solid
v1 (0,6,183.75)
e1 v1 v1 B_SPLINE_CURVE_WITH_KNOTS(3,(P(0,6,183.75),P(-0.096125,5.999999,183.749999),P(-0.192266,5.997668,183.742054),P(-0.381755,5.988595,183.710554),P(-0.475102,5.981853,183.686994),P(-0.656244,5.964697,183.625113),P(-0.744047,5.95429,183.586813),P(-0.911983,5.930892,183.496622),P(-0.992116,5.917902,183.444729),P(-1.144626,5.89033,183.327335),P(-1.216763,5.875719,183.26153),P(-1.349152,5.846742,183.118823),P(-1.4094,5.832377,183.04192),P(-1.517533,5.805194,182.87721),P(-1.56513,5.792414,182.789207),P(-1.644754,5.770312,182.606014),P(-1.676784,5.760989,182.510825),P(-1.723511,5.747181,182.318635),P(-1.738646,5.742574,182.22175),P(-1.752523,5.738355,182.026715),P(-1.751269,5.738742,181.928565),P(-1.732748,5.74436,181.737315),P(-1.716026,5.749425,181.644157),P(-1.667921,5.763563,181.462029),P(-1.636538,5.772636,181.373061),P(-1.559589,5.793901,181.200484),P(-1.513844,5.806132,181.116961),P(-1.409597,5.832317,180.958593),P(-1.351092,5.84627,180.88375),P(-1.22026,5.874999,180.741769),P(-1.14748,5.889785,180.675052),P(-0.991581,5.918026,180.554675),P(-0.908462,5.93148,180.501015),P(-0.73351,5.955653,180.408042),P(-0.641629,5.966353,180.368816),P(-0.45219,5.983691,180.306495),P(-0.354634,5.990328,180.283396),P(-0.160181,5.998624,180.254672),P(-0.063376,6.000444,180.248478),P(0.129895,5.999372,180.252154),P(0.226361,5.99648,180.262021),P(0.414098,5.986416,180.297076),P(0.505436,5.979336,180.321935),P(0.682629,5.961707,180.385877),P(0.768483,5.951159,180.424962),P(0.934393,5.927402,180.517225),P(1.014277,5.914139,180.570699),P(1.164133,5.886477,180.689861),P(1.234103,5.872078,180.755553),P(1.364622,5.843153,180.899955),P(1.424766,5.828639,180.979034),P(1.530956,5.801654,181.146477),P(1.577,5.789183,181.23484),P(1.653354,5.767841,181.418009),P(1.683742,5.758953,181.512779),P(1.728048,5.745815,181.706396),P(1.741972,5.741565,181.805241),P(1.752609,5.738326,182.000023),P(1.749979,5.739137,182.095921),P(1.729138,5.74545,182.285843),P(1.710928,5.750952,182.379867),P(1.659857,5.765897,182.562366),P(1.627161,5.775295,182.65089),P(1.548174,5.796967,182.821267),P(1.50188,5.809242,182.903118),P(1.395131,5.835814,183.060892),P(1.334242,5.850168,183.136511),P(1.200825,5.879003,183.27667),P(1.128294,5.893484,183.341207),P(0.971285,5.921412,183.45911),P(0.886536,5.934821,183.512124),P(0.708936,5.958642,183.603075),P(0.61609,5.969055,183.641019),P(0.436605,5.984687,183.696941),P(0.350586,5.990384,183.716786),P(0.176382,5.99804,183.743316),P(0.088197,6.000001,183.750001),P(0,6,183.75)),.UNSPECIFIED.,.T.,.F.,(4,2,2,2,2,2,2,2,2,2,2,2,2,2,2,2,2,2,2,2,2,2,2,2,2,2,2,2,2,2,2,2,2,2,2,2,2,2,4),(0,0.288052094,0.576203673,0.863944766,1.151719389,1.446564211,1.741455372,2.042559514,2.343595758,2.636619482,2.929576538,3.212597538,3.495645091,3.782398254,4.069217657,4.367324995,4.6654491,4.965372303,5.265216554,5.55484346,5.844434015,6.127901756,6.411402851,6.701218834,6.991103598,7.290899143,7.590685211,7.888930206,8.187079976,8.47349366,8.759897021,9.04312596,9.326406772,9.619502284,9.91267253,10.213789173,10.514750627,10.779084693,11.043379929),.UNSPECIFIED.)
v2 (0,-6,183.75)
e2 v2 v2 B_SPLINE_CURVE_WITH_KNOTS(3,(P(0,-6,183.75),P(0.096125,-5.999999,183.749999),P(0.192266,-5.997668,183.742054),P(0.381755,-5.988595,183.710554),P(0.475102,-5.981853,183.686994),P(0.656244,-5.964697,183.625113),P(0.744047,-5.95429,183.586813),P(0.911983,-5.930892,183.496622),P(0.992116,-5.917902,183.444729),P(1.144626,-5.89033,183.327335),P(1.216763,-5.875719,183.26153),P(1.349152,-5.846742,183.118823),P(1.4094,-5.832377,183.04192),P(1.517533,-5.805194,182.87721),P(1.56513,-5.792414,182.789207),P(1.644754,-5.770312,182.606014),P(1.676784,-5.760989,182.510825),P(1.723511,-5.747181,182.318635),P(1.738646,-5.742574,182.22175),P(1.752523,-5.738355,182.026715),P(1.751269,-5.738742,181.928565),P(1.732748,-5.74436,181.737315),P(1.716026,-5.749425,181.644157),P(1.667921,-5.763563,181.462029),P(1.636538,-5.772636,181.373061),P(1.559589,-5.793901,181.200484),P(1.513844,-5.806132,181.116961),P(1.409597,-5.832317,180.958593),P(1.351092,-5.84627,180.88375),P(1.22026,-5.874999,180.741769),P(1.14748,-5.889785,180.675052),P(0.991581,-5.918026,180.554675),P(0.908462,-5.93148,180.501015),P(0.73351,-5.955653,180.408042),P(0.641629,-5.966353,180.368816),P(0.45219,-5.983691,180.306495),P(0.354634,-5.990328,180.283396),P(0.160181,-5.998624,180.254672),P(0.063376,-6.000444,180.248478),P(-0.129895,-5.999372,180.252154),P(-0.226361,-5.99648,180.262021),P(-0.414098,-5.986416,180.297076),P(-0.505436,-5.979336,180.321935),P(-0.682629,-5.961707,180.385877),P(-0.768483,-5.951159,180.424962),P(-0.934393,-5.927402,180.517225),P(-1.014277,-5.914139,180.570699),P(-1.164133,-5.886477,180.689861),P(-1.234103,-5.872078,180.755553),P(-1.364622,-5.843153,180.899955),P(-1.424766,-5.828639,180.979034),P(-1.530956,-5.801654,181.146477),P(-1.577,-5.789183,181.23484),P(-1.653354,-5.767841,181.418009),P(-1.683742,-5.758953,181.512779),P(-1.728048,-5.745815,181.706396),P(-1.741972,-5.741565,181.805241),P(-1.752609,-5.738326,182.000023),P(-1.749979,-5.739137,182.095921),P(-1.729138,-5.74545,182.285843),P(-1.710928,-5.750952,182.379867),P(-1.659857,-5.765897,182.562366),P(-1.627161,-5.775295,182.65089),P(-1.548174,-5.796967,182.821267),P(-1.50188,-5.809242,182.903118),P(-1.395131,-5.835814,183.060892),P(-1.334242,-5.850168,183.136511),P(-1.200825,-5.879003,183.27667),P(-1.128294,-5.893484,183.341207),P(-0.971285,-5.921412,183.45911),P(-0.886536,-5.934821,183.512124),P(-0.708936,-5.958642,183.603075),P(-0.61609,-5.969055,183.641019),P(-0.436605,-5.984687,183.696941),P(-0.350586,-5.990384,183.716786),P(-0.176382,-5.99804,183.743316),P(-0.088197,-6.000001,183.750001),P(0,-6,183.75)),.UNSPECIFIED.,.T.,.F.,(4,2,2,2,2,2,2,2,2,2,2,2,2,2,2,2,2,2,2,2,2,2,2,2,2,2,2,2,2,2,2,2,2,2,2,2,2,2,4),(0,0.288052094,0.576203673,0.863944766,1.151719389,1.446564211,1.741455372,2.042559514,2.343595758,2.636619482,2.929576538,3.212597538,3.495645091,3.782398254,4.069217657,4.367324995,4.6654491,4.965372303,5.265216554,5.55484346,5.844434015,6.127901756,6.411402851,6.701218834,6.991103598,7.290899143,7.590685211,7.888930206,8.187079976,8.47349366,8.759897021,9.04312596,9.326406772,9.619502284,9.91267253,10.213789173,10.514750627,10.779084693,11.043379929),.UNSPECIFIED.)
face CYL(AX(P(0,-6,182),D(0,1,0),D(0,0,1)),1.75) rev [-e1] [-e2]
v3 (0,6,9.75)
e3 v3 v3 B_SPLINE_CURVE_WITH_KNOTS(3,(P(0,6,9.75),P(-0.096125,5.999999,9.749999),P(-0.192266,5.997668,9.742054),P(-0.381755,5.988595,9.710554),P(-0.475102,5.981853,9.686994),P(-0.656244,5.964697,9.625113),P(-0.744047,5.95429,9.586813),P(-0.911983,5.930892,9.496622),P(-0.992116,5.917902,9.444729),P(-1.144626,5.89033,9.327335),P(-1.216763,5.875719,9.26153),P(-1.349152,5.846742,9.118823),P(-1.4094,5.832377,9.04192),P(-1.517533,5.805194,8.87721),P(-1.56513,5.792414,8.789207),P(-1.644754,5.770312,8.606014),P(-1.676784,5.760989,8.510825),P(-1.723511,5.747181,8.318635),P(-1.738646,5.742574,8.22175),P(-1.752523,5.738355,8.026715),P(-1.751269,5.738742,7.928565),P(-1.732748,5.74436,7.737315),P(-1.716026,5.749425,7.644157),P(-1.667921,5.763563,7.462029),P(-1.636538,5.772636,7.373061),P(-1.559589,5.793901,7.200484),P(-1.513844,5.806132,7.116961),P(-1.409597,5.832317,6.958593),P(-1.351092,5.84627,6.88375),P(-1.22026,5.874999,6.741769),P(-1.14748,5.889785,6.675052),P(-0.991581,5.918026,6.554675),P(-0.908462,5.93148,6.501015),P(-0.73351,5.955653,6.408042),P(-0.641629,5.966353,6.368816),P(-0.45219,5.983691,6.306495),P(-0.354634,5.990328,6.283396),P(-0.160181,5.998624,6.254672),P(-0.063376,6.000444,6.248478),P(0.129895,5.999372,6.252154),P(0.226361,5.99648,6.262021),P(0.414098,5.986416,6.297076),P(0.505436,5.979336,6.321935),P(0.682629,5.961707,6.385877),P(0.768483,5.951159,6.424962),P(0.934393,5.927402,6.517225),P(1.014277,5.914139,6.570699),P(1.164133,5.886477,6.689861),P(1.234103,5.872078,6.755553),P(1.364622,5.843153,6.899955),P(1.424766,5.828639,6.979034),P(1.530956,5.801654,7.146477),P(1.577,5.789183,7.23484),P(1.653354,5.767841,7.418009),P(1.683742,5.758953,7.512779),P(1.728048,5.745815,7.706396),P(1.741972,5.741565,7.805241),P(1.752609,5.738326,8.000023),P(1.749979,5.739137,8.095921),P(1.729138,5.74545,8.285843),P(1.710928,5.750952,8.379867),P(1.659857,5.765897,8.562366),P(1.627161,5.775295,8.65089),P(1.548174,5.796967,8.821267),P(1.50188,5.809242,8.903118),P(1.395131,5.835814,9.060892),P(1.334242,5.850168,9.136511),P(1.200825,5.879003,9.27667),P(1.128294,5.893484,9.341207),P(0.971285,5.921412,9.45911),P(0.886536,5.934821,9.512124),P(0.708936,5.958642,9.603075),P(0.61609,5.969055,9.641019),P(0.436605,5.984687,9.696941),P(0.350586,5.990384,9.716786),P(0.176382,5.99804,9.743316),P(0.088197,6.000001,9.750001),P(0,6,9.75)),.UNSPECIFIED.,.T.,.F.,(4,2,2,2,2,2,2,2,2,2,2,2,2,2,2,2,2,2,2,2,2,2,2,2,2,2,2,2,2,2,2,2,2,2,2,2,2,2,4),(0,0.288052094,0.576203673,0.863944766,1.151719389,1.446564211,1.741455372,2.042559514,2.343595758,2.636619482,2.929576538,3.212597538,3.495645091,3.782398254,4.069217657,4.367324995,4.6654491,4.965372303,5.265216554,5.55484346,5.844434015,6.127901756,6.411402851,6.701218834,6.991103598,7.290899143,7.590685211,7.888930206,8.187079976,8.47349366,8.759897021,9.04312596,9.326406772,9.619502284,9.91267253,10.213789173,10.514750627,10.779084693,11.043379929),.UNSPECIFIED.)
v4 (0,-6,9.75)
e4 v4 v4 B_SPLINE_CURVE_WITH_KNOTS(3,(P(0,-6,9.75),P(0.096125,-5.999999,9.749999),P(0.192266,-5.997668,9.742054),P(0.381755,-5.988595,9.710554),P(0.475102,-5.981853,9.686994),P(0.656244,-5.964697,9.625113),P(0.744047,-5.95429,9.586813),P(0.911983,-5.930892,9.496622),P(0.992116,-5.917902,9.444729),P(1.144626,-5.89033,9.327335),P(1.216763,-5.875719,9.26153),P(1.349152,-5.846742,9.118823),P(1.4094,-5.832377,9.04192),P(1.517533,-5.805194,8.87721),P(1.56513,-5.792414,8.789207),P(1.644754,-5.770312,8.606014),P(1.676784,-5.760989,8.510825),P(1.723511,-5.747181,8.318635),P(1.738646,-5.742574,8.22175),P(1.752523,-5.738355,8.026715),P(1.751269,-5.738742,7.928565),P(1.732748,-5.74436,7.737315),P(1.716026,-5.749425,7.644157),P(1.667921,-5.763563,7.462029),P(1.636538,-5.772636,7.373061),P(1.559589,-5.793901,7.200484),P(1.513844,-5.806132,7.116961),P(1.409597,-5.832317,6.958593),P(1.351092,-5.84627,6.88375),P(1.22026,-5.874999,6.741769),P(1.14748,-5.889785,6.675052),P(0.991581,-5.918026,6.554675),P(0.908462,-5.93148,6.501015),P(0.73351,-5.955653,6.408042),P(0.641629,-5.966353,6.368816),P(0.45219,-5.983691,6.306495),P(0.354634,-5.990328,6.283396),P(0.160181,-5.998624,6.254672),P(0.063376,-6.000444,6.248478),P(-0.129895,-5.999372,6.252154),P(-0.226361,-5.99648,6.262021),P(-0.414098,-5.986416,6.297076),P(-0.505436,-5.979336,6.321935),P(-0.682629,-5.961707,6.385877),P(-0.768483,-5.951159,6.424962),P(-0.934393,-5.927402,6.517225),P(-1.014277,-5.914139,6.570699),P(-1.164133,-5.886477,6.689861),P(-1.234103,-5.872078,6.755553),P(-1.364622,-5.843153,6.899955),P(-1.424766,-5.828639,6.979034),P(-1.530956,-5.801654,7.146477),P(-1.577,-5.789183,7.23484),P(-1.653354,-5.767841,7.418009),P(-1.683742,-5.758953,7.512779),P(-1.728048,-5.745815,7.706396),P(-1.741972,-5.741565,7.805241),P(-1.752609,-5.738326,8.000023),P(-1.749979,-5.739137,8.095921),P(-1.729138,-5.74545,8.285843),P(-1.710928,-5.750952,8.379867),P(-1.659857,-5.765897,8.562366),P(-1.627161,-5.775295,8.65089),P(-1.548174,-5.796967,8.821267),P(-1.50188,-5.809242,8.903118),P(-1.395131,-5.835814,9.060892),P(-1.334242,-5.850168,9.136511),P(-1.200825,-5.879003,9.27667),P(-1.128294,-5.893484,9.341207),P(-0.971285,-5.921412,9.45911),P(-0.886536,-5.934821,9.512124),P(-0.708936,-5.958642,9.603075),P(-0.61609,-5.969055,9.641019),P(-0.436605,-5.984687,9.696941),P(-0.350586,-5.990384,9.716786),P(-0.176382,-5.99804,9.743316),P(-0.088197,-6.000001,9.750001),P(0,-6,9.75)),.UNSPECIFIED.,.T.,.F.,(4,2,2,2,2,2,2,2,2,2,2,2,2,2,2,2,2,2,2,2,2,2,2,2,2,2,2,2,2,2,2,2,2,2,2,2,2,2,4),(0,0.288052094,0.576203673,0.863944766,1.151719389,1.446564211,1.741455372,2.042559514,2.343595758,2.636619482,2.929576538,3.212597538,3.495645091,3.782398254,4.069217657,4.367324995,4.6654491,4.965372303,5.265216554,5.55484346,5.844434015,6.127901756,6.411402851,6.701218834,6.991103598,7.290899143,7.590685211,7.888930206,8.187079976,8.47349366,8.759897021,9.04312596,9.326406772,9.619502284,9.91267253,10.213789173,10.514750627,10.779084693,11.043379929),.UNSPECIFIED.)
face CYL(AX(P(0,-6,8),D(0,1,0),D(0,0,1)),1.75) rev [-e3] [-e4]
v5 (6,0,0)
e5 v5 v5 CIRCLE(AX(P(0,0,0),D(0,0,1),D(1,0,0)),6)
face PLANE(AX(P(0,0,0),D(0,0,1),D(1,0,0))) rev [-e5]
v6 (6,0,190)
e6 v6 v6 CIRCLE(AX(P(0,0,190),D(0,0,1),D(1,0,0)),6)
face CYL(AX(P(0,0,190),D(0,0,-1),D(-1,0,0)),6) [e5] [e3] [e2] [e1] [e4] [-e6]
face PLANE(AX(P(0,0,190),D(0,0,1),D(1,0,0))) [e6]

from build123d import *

# Parameters (mm, degrees)
SKETCH1_R               = 6
BOSS_EXTRUDE1_DEPTH     = 190
CUT_EXTRUDE1_DEPTH      = 191.189379304
CUT_EXTRUDE1_DEPTH_BACK = 191.189379304
SKETCH2_R               = 1.75


with BuildPart() as part:
    # Sketch1 → Boss-Extrude1 (new body)
    with BuildSketch(Plane.XY):
        Circle(SKETCH1_R)
    extrude(amount=BOSS_EXTRUDE1_DEPTH)

    # Sketch2 → Cut-Extrude1 (cut, two sides: drawn at the far end of the back side and taken through both)
    with BuildSketch(Plane(origin=(0, 0, 0), x_dir=(1, 0, 0), z_dir=(0, 1, 0)).offset(-CUT_EXTRUDE1_DEPTH_BACK)):
        with Locations(Location((0, -8, 0), (0, 0, 270))):
            Circle(SKETCH2_R)
        with Locations(Location((0, -182, 0), (0, 0, 270))):
            Circle(SKETCH2_R)
    extrude(amount=CUT_EXTRUDE1_DEPTH + CUT_EXTRUDE1_DEPTH_BACK, mode=Mode.SUBTRACT)


solid = part.part
